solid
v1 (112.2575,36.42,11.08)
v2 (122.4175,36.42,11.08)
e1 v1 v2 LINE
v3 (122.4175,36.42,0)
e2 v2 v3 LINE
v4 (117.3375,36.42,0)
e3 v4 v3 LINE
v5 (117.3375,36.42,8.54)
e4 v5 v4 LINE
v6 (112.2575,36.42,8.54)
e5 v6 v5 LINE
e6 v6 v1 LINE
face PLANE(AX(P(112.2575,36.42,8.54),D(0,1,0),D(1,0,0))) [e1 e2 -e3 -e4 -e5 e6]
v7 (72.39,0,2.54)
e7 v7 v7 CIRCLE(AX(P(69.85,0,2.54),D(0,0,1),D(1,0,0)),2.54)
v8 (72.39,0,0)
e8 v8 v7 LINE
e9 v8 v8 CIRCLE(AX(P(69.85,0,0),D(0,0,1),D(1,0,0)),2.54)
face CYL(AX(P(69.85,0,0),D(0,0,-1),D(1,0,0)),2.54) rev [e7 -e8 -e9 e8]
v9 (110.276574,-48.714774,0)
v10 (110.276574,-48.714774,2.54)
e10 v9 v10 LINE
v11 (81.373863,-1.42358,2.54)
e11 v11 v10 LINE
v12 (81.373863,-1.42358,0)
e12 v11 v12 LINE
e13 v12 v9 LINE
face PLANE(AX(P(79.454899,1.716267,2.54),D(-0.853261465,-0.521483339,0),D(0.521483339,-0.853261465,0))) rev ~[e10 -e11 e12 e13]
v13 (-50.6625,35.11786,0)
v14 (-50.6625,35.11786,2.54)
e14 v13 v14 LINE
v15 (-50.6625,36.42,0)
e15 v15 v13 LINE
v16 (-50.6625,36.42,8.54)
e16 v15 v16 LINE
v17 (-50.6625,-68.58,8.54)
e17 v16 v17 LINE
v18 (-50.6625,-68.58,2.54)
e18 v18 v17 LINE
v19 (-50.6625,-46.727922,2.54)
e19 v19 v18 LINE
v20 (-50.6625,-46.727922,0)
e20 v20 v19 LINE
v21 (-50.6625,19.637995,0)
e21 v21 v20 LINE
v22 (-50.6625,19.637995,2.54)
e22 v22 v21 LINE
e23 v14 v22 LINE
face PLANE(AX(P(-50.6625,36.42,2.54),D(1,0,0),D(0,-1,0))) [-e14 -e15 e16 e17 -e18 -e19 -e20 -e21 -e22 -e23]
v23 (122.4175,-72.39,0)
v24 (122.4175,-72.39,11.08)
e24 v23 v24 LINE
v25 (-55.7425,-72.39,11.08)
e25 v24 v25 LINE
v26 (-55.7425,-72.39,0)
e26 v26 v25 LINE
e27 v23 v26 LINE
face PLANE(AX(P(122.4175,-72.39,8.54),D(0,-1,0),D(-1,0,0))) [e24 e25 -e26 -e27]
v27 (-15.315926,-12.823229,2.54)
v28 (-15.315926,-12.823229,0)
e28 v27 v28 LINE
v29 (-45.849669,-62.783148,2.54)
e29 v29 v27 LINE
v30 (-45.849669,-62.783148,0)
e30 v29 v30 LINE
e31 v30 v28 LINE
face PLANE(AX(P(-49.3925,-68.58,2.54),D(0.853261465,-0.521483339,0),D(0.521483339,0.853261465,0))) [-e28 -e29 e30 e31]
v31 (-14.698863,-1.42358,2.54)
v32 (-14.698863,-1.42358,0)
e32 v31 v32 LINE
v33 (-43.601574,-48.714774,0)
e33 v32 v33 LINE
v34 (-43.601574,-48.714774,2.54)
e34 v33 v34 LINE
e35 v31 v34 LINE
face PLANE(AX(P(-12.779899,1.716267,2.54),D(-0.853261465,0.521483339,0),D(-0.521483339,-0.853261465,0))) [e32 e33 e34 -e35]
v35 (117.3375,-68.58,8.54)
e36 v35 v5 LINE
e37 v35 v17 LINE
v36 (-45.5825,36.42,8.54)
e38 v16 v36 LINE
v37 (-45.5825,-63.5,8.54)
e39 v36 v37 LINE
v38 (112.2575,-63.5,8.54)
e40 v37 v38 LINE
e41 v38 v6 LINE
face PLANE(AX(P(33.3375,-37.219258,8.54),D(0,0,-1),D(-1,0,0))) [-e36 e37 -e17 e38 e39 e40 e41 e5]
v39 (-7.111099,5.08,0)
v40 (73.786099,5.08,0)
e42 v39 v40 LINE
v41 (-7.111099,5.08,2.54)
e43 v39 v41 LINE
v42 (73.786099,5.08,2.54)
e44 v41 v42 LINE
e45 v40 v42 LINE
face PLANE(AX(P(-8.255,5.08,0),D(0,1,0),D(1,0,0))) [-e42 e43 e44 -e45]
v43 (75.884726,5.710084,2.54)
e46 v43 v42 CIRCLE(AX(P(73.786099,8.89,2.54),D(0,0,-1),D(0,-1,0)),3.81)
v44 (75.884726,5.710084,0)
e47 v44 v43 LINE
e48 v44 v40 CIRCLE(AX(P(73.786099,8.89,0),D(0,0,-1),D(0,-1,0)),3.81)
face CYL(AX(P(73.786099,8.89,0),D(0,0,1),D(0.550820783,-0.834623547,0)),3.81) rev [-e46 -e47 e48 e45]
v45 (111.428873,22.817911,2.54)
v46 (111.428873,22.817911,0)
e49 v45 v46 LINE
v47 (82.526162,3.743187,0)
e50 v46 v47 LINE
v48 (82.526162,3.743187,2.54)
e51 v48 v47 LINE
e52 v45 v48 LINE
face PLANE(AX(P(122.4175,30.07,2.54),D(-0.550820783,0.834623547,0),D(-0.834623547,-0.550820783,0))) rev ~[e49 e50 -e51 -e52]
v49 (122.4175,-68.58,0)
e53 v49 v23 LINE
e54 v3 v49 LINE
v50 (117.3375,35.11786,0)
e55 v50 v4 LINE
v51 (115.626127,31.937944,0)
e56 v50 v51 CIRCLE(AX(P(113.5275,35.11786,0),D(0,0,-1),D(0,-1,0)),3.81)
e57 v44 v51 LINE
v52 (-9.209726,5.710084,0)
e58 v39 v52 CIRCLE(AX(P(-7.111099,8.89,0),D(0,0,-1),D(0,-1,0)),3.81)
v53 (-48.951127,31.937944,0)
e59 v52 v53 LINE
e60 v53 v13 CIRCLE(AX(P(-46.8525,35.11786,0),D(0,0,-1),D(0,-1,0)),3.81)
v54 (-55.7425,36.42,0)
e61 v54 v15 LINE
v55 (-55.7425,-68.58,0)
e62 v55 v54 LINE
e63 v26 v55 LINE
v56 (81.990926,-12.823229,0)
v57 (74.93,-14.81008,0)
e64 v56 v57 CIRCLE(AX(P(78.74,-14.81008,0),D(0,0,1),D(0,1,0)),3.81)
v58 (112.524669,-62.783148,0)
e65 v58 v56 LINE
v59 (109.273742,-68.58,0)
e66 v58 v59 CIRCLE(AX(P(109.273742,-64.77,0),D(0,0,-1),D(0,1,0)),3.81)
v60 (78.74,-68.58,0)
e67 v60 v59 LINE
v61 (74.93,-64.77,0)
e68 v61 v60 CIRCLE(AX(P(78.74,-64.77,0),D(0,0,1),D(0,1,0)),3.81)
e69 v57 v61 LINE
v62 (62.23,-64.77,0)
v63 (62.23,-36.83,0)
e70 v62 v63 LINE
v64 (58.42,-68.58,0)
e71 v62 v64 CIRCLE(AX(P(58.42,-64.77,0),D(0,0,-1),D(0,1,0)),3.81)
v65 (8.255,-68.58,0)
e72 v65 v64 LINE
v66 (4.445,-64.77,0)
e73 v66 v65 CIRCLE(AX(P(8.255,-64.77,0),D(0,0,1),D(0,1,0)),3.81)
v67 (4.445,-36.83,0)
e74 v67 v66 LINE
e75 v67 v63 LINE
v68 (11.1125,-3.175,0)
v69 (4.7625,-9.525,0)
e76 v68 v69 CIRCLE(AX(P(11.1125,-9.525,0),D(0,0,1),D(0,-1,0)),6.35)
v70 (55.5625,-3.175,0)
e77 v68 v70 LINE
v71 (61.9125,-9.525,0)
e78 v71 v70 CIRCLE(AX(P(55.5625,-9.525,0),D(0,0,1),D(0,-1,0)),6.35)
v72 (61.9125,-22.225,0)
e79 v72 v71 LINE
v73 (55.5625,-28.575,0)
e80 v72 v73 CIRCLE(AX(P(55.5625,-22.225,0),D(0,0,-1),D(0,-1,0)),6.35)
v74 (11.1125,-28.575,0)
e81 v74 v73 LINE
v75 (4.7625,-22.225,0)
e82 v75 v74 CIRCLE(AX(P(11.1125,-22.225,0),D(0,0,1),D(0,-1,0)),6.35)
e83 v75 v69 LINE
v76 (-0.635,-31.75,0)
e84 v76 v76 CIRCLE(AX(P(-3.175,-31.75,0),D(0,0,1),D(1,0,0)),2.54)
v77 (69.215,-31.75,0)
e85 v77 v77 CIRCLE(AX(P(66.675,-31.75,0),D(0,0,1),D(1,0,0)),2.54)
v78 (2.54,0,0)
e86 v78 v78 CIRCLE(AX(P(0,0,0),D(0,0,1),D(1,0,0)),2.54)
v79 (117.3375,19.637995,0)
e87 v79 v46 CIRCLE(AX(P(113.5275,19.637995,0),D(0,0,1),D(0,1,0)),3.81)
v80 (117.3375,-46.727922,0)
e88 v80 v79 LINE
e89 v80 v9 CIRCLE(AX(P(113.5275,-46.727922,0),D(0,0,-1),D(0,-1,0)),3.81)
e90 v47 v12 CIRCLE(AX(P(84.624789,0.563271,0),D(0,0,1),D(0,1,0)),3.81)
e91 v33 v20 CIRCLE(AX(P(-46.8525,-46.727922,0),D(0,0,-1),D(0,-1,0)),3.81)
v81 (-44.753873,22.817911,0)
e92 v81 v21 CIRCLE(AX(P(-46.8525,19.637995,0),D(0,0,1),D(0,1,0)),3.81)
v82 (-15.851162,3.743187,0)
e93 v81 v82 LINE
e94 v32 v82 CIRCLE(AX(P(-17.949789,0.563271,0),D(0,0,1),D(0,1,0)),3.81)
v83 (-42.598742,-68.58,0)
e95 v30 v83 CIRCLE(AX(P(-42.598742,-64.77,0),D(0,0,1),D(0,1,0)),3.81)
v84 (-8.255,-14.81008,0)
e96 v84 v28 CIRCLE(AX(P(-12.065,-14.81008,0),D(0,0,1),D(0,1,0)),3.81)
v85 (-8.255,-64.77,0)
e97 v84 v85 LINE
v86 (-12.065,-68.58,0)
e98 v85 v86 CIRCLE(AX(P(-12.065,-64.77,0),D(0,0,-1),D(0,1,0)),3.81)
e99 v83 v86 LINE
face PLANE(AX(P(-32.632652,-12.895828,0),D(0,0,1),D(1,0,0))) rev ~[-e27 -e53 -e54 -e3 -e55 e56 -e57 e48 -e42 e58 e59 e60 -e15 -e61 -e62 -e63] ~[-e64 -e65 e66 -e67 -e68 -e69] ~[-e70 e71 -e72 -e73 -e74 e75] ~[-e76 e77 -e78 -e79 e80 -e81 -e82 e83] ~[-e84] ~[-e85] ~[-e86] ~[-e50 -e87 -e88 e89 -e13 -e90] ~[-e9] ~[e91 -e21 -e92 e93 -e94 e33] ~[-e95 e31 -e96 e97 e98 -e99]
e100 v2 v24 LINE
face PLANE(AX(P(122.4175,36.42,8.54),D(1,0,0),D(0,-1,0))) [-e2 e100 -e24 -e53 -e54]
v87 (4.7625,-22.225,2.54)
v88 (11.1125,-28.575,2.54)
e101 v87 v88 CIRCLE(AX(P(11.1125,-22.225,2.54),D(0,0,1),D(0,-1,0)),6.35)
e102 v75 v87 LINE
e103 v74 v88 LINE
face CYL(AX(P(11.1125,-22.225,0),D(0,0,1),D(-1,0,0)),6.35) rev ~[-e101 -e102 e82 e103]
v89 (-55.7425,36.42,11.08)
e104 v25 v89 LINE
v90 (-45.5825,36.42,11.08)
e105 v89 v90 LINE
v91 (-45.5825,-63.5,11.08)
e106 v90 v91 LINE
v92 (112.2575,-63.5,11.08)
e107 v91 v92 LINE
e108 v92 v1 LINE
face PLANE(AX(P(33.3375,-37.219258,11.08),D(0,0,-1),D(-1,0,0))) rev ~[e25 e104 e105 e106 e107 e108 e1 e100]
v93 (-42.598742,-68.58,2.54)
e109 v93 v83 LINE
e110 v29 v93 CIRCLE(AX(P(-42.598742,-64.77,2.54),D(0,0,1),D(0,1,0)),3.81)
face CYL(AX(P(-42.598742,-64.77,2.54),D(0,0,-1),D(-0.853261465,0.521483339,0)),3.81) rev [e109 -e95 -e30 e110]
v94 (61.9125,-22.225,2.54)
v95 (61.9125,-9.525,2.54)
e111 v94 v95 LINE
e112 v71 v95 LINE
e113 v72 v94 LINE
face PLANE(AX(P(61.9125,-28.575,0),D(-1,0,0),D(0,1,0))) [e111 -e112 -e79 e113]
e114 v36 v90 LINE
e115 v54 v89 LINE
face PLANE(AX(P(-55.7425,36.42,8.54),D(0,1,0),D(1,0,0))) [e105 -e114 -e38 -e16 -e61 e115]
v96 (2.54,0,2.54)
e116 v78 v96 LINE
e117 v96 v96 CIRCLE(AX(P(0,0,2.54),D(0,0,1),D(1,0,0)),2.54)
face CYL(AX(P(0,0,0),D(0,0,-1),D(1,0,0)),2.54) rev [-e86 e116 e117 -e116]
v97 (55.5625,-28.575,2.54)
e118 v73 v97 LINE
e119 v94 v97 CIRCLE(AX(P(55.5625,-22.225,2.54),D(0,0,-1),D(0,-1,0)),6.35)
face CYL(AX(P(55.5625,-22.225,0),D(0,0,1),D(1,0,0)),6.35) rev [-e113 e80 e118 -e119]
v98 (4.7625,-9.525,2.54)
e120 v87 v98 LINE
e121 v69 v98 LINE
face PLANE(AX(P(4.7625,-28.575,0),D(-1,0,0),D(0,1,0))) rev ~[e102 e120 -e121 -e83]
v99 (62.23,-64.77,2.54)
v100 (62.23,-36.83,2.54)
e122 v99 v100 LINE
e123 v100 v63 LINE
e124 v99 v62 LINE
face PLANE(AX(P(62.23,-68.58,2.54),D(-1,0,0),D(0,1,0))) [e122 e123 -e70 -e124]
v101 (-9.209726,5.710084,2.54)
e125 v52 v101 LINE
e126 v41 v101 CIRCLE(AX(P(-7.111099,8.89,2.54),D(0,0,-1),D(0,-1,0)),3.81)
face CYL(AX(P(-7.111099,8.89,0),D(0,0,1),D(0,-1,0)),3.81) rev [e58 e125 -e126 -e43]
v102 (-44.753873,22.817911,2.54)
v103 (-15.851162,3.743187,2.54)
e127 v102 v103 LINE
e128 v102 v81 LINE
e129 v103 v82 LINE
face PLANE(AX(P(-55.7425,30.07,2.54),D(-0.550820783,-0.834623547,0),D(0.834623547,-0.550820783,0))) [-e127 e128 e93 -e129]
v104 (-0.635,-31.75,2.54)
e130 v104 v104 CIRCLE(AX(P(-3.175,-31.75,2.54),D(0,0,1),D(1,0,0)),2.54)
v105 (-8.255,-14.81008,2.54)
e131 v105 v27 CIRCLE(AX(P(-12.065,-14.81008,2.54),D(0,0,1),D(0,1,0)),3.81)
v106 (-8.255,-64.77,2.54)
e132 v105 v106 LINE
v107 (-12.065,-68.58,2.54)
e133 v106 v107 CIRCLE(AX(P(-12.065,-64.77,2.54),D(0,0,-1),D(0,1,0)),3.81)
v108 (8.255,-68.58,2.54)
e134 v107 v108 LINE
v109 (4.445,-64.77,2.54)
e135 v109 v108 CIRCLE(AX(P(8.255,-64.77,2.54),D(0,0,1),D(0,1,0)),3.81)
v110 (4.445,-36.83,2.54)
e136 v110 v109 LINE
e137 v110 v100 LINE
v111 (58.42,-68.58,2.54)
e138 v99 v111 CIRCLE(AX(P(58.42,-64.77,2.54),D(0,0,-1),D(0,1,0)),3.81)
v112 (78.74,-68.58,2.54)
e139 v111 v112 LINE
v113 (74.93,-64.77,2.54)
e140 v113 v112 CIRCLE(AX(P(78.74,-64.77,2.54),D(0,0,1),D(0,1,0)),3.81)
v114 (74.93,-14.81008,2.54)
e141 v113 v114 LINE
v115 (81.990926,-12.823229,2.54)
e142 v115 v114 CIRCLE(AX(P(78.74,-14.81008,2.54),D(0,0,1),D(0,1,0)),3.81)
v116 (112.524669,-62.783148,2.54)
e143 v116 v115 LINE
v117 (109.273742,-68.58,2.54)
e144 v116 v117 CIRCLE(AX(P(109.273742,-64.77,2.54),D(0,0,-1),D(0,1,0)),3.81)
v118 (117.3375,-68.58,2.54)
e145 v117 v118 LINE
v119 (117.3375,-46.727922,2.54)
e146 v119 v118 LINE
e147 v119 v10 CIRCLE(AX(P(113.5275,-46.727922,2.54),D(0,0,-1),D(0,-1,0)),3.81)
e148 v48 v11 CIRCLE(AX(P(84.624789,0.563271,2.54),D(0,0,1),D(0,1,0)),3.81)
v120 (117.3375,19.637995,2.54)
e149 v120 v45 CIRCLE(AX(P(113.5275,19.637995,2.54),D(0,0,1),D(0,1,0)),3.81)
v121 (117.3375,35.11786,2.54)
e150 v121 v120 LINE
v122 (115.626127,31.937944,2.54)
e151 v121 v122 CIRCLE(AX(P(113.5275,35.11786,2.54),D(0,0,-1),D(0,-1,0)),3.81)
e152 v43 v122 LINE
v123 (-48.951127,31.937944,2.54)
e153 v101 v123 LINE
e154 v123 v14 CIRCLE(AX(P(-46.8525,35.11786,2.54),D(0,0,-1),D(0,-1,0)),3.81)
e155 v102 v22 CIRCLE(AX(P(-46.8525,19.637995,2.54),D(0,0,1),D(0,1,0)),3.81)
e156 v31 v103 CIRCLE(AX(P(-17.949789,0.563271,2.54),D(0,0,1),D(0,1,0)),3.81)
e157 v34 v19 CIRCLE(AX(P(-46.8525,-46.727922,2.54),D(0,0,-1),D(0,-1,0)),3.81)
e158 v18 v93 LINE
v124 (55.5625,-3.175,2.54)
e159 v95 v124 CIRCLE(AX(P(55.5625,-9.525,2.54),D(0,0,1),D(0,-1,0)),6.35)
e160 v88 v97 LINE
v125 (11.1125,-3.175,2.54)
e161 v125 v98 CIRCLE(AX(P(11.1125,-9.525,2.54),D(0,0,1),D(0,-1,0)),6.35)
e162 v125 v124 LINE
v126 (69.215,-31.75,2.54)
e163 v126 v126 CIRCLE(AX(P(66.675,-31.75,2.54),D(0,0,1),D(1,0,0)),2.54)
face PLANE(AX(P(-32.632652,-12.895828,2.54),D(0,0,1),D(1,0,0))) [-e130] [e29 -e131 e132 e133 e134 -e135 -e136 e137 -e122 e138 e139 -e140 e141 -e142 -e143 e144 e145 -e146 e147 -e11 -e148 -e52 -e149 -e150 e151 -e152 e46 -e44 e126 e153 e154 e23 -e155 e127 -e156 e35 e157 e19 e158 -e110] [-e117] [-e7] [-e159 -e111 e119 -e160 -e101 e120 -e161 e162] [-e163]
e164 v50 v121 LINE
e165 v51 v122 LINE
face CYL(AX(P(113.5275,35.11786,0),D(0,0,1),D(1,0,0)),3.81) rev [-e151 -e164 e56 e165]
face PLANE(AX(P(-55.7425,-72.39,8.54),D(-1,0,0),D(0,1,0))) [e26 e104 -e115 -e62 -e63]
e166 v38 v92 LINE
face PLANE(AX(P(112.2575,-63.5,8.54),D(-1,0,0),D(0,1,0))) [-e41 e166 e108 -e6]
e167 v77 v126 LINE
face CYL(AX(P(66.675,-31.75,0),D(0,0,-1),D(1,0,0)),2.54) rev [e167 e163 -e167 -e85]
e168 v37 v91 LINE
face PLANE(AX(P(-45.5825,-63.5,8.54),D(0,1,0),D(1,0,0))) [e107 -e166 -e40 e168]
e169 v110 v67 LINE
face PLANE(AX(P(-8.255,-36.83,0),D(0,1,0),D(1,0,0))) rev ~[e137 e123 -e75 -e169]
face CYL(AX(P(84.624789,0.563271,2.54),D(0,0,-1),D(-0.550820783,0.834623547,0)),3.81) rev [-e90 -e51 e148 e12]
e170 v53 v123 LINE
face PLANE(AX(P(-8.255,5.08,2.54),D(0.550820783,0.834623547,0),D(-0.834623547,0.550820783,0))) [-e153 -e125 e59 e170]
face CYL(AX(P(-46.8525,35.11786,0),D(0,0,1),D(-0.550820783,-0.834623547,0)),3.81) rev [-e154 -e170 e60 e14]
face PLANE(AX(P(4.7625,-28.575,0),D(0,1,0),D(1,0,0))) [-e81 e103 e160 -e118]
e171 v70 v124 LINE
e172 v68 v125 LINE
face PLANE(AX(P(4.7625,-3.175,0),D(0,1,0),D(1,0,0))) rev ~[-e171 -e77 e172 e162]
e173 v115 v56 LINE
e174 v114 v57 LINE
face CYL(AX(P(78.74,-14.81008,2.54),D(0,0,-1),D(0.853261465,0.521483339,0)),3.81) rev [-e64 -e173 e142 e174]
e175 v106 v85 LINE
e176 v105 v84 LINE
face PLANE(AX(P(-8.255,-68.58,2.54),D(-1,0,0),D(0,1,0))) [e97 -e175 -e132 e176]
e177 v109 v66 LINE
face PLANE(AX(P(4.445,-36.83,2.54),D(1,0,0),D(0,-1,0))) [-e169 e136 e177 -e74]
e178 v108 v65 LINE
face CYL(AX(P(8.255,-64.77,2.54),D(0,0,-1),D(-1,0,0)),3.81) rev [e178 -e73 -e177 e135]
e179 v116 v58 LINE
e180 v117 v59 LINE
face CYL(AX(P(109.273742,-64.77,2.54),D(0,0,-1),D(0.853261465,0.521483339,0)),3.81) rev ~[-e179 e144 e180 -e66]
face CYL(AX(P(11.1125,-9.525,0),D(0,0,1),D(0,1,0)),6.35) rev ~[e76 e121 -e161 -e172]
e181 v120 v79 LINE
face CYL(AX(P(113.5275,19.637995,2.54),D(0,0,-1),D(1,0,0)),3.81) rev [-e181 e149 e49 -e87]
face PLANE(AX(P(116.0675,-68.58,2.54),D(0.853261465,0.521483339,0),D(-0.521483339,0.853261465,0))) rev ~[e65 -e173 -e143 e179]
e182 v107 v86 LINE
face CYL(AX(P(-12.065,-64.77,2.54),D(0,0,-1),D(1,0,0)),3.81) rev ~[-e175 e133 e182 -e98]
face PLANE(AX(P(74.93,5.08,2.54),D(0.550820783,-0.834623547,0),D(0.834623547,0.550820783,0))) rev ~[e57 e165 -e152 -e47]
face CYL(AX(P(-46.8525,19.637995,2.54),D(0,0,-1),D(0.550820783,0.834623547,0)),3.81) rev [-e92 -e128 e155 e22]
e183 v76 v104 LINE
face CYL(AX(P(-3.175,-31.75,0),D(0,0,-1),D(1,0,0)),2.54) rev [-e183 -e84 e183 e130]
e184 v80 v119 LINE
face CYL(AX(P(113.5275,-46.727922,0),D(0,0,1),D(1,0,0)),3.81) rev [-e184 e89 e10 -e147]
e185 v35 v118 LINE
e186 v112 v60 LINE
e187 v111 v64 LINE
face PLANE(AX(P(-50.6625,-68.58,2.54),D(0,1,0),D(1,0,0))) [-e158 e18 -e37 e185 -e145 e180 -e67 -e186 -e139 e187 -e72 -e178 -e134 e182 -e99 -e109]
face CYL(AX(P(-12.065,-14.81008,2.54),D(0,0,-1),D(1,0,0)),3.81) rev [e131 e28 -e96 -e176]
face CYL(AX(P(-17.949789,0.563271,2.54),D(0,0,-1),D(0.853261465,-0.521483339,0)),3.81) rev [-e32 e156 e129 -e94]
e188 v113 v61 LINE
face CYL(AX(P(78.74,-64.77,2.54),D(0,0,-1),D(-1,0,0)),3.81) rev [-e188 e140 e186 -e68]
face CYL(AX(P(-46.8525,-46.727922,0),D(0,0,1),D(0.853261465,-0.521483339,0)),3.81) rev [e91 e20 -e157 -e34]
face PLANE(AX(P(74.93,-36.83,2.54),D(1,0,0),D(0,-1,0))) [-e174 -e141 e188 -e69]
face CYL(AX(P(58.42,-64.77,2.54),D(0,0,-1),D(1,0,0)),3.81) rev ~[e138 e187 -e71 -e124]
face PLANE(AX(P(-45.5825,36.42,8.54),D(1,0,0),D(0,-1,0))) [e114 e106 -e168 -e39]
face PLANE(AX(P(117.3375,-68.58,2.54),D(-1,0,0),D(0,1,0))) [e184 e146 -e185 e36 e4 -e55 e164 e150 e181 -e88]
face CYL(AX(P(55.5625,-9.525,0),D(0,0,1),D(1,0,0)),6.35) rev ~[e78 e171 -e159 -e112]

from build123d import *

# Parameters (mm, degrees)
SKETCH1_W                    = 83.185
SKETCH1_H                    = 41.91
SKETCH1_R                    = 2.54
SKETCH1_W_2                  = 57.15
SKETCH1_H_2                  = 25.4
ROVER_MOUNT_DEPTH            = 2.54
SIDE_WALLS_REACH             = 85.531
SIDE_WALLS_DIRECTION_2_DEPTH = 6.000000034
BACK_BRACES_DEPTH            = 2.54
FRONT_COVER_DEPTH            = 2.54
SKETCH5_W                    = 83.185
SKETCH5_H                    = 6.000000034
CLEANUP_DEPTH                = 31.75
FILLET1_R                    = 3.81
FILLET2_R                    = 6.35


with BuildPart() as part:
    # Sketch1 → Rover mount (new body)
    with BuildSketch(Plane.XY):
        with Locations((33.3375, -15.875)):
            Rectangle(SKETCH1_W, SKETCH1_H)
        with Locations((66.675, -31.75)):
            Circle(SKETCH1_R, mode=Mode.SUBTRACT)
        with Locations((69.85, 0)):
            Circle(SKETCH1_R, mode=Mode.SUBTRACT)
        with Locations((-3.175, -31.75)):
            Circle(SKETCH1_R, mode=Mode.SUBTRACT)
        Circle(SKETCH1_R, mode=Mode.SUBTRACT)
        with Locations((33.3375, -15.875)):
            Rectangle(SKETCH1_W_2, SKETCH1_H_2, mode=Mode.SUBTRACT)
    extrude(amount=ROVER_MOUNT_DEPTH)

    # Side Walls: up to this face of the body (flat: up to its plane)
    side_walls_end = Plane(part.part.faces().sort_by_distance((73.998539194, -15.875, 0))[0])
    # Sketch2 → Side Walls (add, up to the picked face)
    with BuildSketch(Plane.XY.offset(2.54), mode=Mode.PRIVATE) as side_walls_sk1:
        Polygon((-50.6625, -68.58), (-8.255, -68.58), (-8.255, -36.83), (4.445, -36.83), (4.445, -68.58), (62.23, -68.58), (62.23, -36.83), (74.93, -36.83), (74.93, -68.58), (117.3375, -68.58), (117.3375, 36.42), (122.4175, 36.42), (122.4175, -72.39), (-55.7425, -72.39), (-55.7425, 36.42), (-50.6625, 36.42), align=None)
    side_walls_tool1 = split(extrude(side_walls_sk1.sketch, amount=-SIDE_WALLS_REACH, mode=Mode.PRIVATE), bisect_by=side_walls_end, keep=Keep.BOTH, mode=Mode.PRIVATE)
    add(side_walls_tool1.solids().sort_by(Axis((-29.45875, -70.667597, 2.54), (0, 0, -1)))[0])

    # Sketch2 → Side Walls direction 2 (add)
    with BuildSketch(Plane.XY.offset(2.54)):
        Polygon((-50.6625, -68.58), (-8.255, -68.58), (-8.255, -36.83), (4.445, -36.83), (4.445, -68.58), (62.23, -68.58), (62.23, -36.83), (74.93, -36.83), (74.93, -68.58), (117.3375, -68.58), (117.3375, 36.42), (122.4175, 36.42), (122.4175, -72.39), (-55.7425, -72.39), (-55.7425, 36.42), (-50.6625, 36.42), align=None)
    extrude(amount=SIDE_WALLS_DIRECTION_2_DEPTH)

    # Sketch3 → Back Braces (add)
    with BuildSketch(Plane.XY.offset(2.54)):
        Polygon((-12.779899069, 1.716266635), (-55.7425, -68.58), (-49.3925, -68.58), (-8.255, -1.27), (-8.255, 5.08), (-55.7425, 36.42), (-55.7425, 30.07), align=None)
        Polygon((79.454899069, 1.716266635), (122.4175, -68.58), (116.0675, -68.58), (74.93, -1.27), (74.93, 5.08), (122.4175, 36.42), (122.4175, 30.07), align=None)
    extrude(amount=-BACK_BRACES_DEPTH)

    # Sketch4 → Front Cover (add)
    with BuildSketch(Plane.XY.offset(8.540000034)):
        Polygon((-55.7425, 36.42), (-45.5825, 36.42), (-45.5825, -63.5), (112.2575, -63.5), (112.2575, 36.42), (122.4175, 36.42), (122.4175, -72.39), (-55.7425, -72.39), align=None)
    extrude(amount=FRONT_COVER_DEPTH)

    # Sketch5 → Cleanup (cut)
    with BuildSketch(Plane(origin=(0, -36.83, 0), x_dir=(1, 0, 0), z_dir=(0, 1, 0))):
        with Locations((33.3375, -5.540000017)):
            Rectangle(SKETCH5_W, SKETCH5_H)
    extrude(amount=-CLEANUP_DEPTH, mode=Mode.SUBTRACT)

    # Fillet1
    fillet1_edges = [part.edges().sort_by_distance(p)[0] for p in [
        (117.3375, 26.717387207, 1.27),
        (117.3375, 33.067387207, 1.27),
        (117.3375, -60.268002431, 1.27),
        (79.454899069, 1.716266635, 1.27),
        (116.0675, -68.58, 1.27),
        (74.93, -1.27, 1.27),
        (-8.255, -68.58, 1.27),
        (4.445, -68.58, 1.27),
        (62.23, -68.58, 1.27),
        (74.93, -68.58, 1.27),
        (-8.255, 5.08, 1.27),
        (74.93, 5.08, 1.27),
        (-49.3925, -68.58, 1.27),
        (-12.779899069, 1.716266635, 1.27),
        (-50.6625, 33.067387207, 1.27),
        (-8.255, -1.27, 1.27),
        (-50.6625, -60.268002431, 1.27),
        (-50.6625, 26.717387207, 1.27),
    ]]
    fillet(fillet1_edges, radius=FILLET1_R)

    # Fillet2
    fillet2_edges = [part.edges().sort_by_distance(p)[0] for p in [
        (4.7625, -3.175, 1.27),
        (4.7625, -28.575, 1.27),
        (61.9125, -28.575, 1.27),
        (61.9125, -3.175, 1.27),
    ]]
    fillet(fillet2_edges, radius=FILLET2_R)


solid = part.part
